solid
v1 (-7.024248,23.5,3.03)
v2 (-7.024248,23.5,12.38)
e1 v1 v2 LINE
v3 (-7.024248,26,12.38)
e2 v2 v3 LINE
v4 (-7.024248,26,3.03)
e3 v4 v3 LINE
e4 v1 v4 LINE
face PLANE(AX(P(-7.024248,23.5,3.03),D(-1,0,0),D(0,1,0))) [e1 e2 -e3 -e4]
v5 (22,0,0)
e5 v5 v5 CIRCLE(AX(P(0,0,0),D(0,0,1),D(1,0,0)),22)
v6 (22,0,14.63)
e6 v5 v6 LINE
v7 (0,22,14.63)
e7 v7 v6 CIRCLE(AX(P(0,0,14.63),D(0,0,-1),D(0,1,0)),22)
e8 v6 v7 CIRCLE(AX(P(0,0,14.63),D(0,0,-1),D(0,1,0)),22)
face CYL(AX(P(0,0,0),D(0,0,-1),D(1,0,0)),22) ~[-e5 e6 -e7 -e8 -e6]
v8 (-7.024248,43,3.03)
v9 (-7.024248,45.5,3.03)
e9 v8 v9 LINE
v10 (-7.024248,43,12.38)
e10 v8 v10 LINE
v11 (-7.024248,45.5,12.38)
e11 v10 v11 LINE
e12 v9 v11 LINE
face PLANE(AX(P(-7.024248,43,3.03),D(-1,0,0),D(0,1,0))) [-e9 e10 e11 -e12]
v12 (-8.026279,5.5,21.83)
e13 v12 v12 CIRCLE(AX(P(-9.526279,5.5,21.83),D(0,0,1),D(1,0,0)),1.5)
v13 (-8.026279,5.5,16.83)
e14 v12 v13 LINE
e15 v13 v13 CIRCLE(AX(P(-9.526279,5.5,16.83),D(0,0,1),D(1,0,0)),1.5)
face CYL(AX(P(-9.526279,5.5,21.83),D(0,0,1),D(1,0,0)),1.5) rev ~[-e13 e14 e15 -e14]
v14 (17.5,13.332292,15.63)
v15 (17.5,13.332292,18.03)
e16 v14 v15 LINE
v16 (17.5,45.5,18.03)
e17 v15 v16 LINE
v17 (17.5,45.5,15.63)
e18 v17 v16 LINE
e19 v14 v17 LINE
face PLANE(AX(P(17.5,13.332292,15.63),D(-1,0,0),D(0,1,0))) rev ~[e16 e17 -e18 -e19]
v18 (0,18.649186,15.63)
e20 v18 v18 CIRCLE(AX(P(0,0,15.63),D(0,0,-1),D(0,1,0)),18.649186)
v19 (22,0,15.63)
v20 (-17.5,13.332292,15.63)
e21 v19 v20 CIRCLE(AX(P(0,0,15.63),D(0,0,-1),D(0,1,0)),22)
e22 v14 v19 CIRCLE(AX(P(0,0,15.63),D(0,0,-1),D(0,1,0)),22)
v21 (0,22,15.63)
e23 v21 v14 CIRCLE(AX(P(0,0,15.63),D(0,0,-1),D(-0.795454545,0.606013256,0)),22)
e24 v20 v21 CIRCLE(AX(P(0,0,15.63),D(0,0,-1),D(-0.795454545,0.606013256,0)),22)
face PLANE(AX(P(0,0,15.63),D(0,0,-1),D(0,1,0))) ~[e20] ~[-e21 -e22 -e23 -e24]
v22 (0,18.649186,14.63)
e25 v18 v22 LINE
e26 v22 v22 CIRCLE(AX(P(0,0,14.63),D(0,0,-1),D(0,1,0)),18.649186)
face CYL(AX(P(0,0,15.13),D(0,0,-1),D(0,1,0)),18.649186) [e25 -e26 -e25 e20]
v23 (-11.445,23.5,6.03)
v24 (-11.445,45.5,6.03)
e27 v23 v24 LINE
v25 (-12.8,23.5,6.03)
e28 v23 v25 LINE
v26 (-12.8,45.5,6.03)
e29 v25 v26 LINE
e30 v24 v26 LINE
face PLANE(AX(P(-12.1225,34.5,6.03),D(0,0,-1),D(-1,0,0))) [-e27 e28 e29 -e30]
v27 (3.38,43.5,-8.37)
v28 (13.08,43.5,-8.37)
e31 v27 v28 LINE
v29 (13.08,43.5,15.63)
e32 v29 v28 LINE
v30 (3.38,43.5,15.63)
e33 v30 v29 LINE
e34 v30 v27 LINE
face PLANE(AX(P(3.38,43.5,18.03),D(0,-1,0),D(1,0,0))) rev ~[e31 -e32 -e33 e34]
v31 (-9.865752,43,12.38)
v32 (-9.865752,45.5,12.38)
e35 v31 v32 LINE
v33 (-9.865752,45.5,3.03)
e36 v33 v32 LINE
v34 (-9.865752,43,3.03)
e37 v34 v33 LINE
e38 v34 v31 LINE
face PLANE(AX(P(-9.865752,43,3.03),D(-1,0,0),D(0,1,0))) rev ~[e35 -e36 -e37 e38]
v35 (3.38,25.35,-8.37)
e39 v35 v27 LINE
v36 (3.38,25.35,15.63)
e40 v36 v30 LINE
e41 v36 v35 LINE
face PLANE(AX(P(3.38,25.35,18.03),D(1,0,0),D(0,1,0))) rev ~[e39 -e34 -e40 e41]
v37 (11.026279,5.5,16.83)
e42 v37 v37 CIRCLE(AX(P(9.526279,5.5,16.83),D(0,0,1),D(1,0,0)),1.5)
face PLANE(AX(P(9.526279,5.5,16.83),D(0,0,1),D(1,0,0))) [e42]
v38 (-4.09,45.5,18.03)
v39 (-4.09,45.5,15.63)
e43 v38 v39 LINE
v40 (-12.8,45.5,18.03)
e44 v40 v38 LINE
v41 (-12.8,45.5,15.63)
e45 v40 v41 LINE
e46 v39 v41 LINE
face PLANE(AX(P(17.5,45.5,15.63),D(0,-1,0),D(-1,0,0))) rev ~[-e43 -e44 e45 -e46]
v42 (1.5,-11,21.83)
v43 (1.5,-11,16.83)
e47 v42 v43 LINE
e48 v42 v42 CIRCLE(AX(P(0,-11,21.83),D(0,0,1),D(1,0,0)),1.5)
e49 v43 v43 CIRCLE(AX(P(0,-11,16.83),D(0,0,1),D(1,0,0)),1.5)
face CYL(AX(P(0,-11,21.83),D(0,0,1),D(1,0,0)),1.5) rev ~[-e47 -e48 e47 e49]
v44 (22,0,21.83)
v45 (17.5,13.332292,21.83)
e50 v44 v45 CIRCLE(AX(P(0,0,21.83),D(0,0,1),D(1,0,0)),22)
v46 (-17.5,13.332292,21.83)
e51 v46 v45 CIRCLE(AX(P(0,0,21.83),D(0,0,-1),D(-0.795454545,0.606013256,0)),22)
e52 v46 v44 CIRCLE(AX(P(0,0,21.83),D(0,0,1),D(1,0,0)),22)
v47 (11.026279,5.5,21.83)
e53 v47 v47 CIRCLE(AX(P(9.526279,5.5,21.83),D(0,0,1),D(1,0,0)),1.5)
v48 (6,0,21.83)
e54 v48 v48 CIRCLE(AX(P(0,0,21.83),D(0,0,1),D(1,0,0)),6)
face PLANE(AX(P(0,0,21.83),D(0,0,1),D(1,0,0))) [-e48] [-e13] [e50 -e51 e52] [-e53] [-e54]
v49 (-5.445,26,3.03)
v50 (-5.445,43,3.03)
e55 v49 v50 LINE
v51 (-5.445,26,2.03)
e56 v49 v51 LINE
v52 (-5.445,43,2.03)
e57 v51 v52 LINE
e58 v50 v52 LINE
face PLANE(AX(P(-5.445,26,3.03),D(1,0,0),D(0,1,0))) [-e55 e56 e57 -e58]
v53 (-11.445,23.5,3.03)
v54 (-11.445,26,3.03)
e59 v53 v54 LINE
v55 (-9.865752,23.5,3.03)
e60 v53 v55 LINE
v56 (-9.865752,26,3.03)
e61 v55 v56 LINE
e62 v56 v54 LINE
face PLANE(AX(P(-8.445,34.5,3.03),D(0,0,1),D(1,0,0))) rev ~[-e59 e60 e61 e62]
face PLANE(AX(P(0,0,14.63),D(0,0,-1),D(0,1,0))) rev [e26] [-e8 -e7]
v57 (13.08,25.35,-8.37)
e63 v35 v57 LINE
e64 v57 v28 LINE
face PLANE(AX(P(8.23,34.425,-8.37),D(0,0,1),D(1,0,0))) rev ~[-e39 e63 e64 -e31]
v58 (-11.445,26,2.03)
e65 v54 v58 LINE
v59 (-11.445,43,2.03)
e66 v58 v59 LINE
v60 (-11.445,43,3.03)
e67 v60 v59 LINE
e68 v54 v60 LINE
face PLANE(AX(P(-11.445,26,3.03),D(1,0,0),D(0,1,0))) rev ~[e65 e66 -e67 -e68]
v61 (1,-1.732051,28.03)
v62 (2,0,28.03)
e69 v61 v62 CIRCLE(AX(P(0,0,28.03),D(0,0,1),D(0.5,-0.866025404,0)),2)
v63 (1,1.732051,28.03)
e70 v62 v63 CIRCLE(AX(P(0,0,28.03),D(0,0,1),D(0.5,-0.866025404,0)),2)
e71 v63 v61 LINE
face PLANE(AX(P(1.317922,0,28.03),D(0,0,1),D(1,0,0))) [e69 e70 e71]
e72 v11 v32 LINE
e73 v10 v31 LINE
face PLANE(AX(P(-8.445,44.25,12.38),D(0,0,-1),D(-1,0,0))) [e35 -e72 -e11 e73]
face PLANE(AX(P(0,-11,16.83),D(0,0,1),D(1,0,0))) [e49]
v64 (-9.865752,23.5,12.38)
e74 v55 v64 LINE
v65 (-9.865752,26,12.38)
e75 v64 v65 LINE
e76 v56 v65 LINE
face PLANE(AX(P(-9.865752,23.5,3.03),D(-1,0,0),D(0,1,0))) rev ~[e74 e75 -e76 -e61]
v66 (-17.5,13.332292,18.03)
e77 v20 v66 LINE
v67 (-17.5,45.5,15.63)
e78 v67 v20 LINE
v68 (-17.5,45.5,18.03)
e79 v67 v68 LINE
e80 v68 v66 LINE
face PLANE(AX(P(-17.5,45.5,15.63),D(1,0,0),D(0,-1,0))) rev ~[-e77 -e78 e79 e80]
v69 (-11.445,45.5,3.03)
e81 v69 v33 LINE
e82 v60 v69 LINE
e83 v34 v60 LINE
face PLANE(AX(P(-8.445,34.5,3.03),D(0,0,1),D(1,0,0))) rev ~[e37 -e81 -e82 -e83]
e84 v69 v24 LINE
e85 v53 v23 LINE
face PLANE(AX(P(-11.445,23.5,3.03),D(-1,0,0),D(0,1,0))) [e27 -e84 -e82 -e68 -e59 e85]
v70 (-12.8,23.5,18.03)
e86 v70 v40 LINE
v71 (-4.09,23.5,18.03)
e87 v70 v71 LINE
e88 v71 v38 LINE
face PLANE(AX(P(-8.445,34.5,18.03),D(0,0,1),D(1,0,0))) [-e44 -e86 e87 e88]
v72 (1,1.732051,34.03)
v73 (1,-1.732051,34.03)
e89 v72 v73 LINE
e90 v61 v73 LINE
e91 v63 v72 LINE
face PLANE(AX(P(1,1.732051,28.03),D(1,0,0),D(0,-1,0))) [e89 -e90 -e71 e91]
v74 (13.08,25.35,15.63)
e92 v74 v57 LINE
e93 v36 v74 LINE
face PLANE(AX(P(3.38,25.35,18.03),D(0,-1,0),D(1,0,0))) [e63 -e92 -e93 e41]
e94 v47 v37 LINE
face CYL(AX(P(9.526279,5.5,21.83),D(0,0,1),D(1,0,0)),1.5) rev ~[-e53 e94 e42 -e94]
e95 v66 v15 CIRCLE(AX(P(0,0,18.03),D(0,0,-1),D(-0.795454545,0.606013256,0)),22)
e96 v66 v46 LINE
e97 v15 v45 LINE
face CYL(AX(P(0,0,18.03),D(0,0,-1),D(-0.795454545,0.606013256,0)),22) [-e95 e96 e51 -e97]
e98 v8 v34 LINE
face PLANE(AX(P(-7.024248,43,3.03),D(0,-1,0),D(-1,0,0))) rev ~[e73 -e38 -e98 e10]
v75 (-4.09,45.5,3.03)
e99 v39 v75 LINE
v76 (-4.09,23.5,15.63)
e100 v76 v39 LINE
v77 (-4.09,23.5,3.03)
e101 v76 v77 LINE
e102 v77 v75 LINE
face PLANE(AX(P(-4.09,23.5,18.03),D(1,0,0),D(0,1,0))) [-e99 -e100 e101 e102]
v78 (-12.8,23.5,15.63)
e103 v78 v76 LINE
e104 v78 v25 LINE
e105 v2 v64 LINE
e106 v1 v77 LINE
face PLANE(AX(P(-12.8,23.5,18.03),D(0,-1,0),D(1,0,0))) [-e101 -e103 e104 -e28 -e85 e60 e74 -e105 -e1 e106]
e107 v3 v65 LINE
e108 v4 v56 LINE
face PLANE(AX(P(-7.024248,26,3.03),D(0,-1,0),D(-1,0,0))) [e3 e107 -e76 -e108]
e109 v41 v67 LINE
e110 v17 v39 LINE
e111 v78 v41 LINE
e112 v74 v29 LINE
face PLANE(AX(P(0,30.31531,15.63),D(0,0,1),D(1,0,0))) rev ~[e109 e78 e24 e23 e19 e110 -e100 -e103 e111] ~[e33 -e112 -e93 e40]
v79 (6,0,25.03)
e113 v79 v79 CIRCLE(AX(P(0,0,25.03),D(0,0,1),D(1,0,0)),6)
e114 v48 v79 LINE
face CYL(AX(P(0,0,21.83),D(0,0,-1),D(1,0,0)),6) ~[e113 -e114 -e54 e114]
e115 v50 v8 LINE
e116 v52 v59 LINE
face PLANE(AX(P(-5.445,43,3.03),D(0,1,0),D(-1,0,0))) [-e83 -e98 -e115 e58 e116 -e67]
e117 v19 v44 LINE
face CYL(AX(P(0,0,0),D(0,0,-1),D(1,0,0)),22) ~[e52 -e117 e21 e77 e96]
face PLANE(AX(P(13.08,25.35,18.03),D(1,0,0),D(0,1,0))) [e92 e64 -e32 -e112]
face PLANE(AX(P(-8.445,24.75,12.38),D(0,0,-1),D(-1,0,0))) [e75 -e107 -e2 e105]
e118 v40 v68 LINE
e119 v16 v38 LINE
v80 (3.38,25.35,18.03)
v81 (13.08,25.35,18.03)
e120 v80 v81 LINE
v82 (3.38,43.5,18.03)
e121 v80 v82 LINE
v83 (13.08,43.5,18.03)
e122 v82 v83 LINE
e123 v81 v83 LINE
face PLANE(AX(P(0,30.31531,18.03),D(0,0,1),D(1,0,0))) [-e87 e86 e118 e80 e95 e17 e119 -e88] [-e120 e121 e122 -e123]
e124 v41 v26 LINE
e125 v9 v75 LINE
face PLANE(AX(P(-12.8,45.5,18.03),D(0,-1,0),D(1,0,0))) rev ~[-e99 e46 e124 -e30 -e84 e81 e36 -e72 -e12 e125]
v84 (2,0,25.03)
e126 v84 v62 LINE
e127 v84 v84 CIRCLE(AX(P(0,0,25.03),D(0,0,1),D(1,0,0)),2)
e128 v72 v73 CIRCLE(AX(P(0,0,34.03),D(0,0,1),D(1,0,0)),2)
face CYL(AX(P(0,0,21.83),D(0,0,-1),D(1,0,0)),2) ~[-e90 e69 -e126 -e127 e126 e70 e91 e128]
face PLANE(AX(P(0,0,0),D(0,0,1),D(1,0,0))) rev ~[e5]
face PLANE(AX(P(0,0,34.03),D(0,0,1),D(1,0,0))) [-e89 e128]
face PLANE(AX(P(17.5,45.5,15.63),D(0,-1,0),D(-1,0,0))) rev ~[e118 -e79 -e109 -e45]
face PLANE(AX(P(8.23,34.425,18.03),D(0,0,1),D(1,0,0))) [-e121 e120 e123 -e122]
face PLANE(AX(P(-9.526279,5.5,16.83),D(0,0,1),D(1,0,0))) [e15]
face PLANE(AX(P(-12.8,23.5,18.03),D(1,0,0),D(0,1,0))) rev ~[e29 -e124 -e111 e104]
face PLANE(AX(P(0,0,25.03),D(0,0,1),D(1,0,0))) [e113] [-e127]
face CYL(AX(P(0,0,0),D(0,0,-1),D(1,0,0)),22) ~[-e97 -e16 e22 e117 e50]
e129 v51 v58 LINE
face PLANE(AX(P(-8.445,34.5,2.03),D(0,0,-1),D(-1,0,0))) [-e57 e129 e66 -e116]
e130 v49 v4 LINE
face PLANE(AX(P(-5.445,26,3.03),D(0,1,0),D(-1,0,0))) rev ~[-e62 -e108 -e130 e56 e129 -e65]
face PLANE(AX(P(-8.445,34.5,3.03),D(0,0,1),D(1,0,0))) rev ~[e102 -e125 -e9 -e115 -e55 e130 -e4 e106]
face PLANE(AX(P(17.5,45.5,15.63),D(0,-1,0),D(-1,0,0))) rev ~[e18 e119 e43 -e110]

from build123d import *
from build123d.topology import SkipClean

# Parameters (mm, degrees)
SKETCH1_R           = 22
BOSS_EXTRUDE1_DEPTH = 21.83
SKETCH2_R           = 6
SKETCH2_R_2         = 2
BOSS_EXTRUDE2_DEPTH = 3.2
SKETCH3_R           = 2
BOSS_EXTRUDE3_DEPTH = 12.2
BOSS_EXTRUDE4_START = -6.2
BOSS_EXTRUDE4_DEPTH = 6.2
CUT_EXTRUDE3_START  = -3.8
CUT_EXTRUDE3_DEPTH  = 3.8
SKETCH7_W           = 9.7
SKETCH7_H           = 18.15
BOSS_EXTRUDE5_DEPTH = 26.4
SKETCH7_3_W         = 8.71
SKETCH7_3_H         = 22
BOSS_EXTRUDE6_DEPTH = 15
SKETCH8_R           = 1.5
CUT_EXTRUDE4_DEPTH  = 5
SKETCH9_W           = 1
SKETCH9_H           = 3.350814255
SKETCH10_W          = 6
SKETCH10_H          = 17
BOSS_EXTRUDE7_DEPTH = 1
SKETCH12_W          = 1.355
SKETCH12_H          = 22
CUT_EXTRUDE5_DEPTH  = 3
SKETCH13_W          = 2.841503492
SKETCH13_H          = 2.5
CUT_EXTRUDE6_DEPTH  = 9.35
CUT_EXTRUDE7_START  = -6
CUT_EXTRUDE7_DEPTH  = 6


with BuildPart() as part:
    # Sketch1 → Boss-Extrude1 (new body)
    with BuildSketch(Plane.XY):
        Circle(SKETCH1_R)
    extrude(amount=BOSS_EXTRUDE1_DEPTH)

    # Sketch2 → Boss-Extrude2 (add)
    with BuildSketch(Plane.XY.offset(21.83)):
        Circle(SKETCH2_R)
        Circle(SKETCH2_R_2, mode=Mode.SUBTRACT)
    extrude(amount=BOSS_EXTRUDE2_DEPTH)

    # Sketch3 → Boss-Extrude3 (add)
    with BuildSketch(Plane.XY.offset(21.83)):
        Circle(SKETCH3_R)
    extrude(amount=BOSS_EXTRUDE3_DEPTH)

    # Sketch4 → Boss-Extrude4 (add)
    with BuildSketch(Plane.XY.offset(21.83).offset(BOSS_EXTRUDE4_START)):
        with BuildLine():
            ThreePointArc((-17.5, 13.332291626), (0, 22), (17.5, 13.332291626))
            Line((17.5, 13.332291626), (17.5, 45.5))
            Line((17.5, 45.5), (-17.5, 45.5))
            Line((-17.5, 45.5), (-17.5, 13.332291626))
        make_face()
    extrude(amount=BOSS_EXTRUDE4_DEPTH)

    # Sketch4<4> → Cut-Extrude3 (cut)
    with SkipClean():  # the faces are left unmerged after this step: merging them gives an invalid solid
        with BuildSketch(Plane.XY.offset(21.83).offset(CUT_EXTRUDE3_START)):
            with BuildLine():
                ThreePointArc((-17.5, 13.332291626), (0, 22), (17.5, 13.332291626))
                Line((17.5, 13.332291626), (17.5, 45.5))
                Line((17.5, 45.5), (-17.5, 45.5))
                Line((-17.5, 45.5), (-17.5, 13.332291626))
            make_face()
        extrude(amount=CUT_EXTRUDE3_DEPTH, mode=Mode.SUBTRACT)

    # Sketch7 → Boss-Extrude5 (add)
    with SkipClean():  # the faces are left unmerged after this step: merging them gives an invalid solid
        with BuildSketch(Plane.XY.offset(18.03)):
            with Locations((8.23, 34.425)):
                Rectangle(SKETCH7_W, SKETCH7_H)
        extrude(amount=-BOSS_EXTRUDE5_DEPTH)

    # Sketch7<3> → Boss-Extrude6 (add)
    with SkipClean():  # the faces are left unmerged after this step: merging them gives an invalid solid
        with BuildSketch(Plane.XY.offset(18.03)):
            with Locations((-8.445, 34.5)):
                Rectangle(SKETCH7_3_W, SKETCH7_3_H)
        extrude(amount=-BOSS_EXTRUDE6_DEPTH)

    # Sketch8 → Cut-Extrude4 (cut)
    with SkipClean():  # the faces are left unmerged after this step: merging them gives an invalid solid
        with BuildSketch(Plane.XY.offset(21.83)):
            with Locations((-9.526279442, 5.5)):
                Circle(SKETCH8_R)
            with Locations((9.526279442, 5.5)):
                Circle(SKETCH8_R)
            with Locations((0, -11)):
                Circle(SKETCH8_R)
        extrude(amount=-CUT_EXTRUDE4_DEPTH, mode=Mode.SUBTRACT)

    # Sketch9 → Cut-Revolve1 (revolve, cut)
    with SkipClean():  # the faces are left unmerged after this step: merging them gives an invalid solid
        with BuildSketch(Plane(origin=(0, 0, 0), x_dir=(0, 0, -1), z_dir=(1, 0, 0))):
            with Locations((-15.13, 20.324592872)):
                Rectangle(SKETCH9_W, SKETCH9_H)
        revolve(axis=Axis((0, 0, 34.03), (0, 0, -1)), mode=Mode.SUBTRACT)

    # Sketch10 → Boss-Extrude7 (add)
    with SkipClean():  # the faces are left unmerged after this step: merging them gives an invalid solid
        with BuildSketch(Plane(origin=(0, 0, 3.03), x_dir=(-1, 0, 0), z_dir=(0, 0, -1))):
            with Locations((8.445, 34.5)):
                Rectangle(SKETCH10_W, SKETCH10_H)
        extrude(amount=BOSS_EXTRUDE7_DEPTH)

    # Sketch12 → Cut-Extrude5 (cut)
    with SkipClean():  # the faces are left unmerged after this step: merging them gives an invalid solid
        with BuildSketch(Plane(origin=(0, 0, 3.03), x_dir=(-1, 0, 0), z_dir=(0, 0, -1))):
            with Locations((12.1225, 34.5)):
                Rectangle(SKETCH12_W, SKETCH12_H)
        extrude(amount=-CUT_EXTRUDE5_DEPTH, mode=Mode.SUBTRACT)

    # Sketch13 → Cut-Extrude6 (cut)
    with SkipClean():  # the faces are left unmerged after this step: merging them gives an invalid solid
        with BuildSketch(Plane(origin=(0, 0, 3.03), x_dir=(-1, 0, 0), z_dir=(0, 0, -1))):
            with Locations((8.445, 44.25)):
                Rectangle(SKETCH13_W, SKETCH13_H)
            with Locations((8.445, 24.75)):
                Rectangle(SKETCH13_W, SKETCH13_H)
        extrude(amount=-CUT_EXTRUDE6_DEPTH, mode=Mode.SUBTRACT)

    # Sketch14 → Cut-Extrude7 (cut)
    with SkipClean():  # the faces are left unmerged after this step: merging them gives an invalid solid
        with BuildSketch(Plane.XY.offset(34.03).offset(CUT_EXTRUDE7_START)):
            with BuildLine():
                Line((1, 1.732050808), (1, -1.732050808))
                ThreePointArc((1, -1.732050808), (2, 0), (1, 1.732050808))
            make_face()
        extrude(amount=CUT_EXTRUDE7_DEPTH, mode=Mode.SUBTRACT)


solid = part.part
